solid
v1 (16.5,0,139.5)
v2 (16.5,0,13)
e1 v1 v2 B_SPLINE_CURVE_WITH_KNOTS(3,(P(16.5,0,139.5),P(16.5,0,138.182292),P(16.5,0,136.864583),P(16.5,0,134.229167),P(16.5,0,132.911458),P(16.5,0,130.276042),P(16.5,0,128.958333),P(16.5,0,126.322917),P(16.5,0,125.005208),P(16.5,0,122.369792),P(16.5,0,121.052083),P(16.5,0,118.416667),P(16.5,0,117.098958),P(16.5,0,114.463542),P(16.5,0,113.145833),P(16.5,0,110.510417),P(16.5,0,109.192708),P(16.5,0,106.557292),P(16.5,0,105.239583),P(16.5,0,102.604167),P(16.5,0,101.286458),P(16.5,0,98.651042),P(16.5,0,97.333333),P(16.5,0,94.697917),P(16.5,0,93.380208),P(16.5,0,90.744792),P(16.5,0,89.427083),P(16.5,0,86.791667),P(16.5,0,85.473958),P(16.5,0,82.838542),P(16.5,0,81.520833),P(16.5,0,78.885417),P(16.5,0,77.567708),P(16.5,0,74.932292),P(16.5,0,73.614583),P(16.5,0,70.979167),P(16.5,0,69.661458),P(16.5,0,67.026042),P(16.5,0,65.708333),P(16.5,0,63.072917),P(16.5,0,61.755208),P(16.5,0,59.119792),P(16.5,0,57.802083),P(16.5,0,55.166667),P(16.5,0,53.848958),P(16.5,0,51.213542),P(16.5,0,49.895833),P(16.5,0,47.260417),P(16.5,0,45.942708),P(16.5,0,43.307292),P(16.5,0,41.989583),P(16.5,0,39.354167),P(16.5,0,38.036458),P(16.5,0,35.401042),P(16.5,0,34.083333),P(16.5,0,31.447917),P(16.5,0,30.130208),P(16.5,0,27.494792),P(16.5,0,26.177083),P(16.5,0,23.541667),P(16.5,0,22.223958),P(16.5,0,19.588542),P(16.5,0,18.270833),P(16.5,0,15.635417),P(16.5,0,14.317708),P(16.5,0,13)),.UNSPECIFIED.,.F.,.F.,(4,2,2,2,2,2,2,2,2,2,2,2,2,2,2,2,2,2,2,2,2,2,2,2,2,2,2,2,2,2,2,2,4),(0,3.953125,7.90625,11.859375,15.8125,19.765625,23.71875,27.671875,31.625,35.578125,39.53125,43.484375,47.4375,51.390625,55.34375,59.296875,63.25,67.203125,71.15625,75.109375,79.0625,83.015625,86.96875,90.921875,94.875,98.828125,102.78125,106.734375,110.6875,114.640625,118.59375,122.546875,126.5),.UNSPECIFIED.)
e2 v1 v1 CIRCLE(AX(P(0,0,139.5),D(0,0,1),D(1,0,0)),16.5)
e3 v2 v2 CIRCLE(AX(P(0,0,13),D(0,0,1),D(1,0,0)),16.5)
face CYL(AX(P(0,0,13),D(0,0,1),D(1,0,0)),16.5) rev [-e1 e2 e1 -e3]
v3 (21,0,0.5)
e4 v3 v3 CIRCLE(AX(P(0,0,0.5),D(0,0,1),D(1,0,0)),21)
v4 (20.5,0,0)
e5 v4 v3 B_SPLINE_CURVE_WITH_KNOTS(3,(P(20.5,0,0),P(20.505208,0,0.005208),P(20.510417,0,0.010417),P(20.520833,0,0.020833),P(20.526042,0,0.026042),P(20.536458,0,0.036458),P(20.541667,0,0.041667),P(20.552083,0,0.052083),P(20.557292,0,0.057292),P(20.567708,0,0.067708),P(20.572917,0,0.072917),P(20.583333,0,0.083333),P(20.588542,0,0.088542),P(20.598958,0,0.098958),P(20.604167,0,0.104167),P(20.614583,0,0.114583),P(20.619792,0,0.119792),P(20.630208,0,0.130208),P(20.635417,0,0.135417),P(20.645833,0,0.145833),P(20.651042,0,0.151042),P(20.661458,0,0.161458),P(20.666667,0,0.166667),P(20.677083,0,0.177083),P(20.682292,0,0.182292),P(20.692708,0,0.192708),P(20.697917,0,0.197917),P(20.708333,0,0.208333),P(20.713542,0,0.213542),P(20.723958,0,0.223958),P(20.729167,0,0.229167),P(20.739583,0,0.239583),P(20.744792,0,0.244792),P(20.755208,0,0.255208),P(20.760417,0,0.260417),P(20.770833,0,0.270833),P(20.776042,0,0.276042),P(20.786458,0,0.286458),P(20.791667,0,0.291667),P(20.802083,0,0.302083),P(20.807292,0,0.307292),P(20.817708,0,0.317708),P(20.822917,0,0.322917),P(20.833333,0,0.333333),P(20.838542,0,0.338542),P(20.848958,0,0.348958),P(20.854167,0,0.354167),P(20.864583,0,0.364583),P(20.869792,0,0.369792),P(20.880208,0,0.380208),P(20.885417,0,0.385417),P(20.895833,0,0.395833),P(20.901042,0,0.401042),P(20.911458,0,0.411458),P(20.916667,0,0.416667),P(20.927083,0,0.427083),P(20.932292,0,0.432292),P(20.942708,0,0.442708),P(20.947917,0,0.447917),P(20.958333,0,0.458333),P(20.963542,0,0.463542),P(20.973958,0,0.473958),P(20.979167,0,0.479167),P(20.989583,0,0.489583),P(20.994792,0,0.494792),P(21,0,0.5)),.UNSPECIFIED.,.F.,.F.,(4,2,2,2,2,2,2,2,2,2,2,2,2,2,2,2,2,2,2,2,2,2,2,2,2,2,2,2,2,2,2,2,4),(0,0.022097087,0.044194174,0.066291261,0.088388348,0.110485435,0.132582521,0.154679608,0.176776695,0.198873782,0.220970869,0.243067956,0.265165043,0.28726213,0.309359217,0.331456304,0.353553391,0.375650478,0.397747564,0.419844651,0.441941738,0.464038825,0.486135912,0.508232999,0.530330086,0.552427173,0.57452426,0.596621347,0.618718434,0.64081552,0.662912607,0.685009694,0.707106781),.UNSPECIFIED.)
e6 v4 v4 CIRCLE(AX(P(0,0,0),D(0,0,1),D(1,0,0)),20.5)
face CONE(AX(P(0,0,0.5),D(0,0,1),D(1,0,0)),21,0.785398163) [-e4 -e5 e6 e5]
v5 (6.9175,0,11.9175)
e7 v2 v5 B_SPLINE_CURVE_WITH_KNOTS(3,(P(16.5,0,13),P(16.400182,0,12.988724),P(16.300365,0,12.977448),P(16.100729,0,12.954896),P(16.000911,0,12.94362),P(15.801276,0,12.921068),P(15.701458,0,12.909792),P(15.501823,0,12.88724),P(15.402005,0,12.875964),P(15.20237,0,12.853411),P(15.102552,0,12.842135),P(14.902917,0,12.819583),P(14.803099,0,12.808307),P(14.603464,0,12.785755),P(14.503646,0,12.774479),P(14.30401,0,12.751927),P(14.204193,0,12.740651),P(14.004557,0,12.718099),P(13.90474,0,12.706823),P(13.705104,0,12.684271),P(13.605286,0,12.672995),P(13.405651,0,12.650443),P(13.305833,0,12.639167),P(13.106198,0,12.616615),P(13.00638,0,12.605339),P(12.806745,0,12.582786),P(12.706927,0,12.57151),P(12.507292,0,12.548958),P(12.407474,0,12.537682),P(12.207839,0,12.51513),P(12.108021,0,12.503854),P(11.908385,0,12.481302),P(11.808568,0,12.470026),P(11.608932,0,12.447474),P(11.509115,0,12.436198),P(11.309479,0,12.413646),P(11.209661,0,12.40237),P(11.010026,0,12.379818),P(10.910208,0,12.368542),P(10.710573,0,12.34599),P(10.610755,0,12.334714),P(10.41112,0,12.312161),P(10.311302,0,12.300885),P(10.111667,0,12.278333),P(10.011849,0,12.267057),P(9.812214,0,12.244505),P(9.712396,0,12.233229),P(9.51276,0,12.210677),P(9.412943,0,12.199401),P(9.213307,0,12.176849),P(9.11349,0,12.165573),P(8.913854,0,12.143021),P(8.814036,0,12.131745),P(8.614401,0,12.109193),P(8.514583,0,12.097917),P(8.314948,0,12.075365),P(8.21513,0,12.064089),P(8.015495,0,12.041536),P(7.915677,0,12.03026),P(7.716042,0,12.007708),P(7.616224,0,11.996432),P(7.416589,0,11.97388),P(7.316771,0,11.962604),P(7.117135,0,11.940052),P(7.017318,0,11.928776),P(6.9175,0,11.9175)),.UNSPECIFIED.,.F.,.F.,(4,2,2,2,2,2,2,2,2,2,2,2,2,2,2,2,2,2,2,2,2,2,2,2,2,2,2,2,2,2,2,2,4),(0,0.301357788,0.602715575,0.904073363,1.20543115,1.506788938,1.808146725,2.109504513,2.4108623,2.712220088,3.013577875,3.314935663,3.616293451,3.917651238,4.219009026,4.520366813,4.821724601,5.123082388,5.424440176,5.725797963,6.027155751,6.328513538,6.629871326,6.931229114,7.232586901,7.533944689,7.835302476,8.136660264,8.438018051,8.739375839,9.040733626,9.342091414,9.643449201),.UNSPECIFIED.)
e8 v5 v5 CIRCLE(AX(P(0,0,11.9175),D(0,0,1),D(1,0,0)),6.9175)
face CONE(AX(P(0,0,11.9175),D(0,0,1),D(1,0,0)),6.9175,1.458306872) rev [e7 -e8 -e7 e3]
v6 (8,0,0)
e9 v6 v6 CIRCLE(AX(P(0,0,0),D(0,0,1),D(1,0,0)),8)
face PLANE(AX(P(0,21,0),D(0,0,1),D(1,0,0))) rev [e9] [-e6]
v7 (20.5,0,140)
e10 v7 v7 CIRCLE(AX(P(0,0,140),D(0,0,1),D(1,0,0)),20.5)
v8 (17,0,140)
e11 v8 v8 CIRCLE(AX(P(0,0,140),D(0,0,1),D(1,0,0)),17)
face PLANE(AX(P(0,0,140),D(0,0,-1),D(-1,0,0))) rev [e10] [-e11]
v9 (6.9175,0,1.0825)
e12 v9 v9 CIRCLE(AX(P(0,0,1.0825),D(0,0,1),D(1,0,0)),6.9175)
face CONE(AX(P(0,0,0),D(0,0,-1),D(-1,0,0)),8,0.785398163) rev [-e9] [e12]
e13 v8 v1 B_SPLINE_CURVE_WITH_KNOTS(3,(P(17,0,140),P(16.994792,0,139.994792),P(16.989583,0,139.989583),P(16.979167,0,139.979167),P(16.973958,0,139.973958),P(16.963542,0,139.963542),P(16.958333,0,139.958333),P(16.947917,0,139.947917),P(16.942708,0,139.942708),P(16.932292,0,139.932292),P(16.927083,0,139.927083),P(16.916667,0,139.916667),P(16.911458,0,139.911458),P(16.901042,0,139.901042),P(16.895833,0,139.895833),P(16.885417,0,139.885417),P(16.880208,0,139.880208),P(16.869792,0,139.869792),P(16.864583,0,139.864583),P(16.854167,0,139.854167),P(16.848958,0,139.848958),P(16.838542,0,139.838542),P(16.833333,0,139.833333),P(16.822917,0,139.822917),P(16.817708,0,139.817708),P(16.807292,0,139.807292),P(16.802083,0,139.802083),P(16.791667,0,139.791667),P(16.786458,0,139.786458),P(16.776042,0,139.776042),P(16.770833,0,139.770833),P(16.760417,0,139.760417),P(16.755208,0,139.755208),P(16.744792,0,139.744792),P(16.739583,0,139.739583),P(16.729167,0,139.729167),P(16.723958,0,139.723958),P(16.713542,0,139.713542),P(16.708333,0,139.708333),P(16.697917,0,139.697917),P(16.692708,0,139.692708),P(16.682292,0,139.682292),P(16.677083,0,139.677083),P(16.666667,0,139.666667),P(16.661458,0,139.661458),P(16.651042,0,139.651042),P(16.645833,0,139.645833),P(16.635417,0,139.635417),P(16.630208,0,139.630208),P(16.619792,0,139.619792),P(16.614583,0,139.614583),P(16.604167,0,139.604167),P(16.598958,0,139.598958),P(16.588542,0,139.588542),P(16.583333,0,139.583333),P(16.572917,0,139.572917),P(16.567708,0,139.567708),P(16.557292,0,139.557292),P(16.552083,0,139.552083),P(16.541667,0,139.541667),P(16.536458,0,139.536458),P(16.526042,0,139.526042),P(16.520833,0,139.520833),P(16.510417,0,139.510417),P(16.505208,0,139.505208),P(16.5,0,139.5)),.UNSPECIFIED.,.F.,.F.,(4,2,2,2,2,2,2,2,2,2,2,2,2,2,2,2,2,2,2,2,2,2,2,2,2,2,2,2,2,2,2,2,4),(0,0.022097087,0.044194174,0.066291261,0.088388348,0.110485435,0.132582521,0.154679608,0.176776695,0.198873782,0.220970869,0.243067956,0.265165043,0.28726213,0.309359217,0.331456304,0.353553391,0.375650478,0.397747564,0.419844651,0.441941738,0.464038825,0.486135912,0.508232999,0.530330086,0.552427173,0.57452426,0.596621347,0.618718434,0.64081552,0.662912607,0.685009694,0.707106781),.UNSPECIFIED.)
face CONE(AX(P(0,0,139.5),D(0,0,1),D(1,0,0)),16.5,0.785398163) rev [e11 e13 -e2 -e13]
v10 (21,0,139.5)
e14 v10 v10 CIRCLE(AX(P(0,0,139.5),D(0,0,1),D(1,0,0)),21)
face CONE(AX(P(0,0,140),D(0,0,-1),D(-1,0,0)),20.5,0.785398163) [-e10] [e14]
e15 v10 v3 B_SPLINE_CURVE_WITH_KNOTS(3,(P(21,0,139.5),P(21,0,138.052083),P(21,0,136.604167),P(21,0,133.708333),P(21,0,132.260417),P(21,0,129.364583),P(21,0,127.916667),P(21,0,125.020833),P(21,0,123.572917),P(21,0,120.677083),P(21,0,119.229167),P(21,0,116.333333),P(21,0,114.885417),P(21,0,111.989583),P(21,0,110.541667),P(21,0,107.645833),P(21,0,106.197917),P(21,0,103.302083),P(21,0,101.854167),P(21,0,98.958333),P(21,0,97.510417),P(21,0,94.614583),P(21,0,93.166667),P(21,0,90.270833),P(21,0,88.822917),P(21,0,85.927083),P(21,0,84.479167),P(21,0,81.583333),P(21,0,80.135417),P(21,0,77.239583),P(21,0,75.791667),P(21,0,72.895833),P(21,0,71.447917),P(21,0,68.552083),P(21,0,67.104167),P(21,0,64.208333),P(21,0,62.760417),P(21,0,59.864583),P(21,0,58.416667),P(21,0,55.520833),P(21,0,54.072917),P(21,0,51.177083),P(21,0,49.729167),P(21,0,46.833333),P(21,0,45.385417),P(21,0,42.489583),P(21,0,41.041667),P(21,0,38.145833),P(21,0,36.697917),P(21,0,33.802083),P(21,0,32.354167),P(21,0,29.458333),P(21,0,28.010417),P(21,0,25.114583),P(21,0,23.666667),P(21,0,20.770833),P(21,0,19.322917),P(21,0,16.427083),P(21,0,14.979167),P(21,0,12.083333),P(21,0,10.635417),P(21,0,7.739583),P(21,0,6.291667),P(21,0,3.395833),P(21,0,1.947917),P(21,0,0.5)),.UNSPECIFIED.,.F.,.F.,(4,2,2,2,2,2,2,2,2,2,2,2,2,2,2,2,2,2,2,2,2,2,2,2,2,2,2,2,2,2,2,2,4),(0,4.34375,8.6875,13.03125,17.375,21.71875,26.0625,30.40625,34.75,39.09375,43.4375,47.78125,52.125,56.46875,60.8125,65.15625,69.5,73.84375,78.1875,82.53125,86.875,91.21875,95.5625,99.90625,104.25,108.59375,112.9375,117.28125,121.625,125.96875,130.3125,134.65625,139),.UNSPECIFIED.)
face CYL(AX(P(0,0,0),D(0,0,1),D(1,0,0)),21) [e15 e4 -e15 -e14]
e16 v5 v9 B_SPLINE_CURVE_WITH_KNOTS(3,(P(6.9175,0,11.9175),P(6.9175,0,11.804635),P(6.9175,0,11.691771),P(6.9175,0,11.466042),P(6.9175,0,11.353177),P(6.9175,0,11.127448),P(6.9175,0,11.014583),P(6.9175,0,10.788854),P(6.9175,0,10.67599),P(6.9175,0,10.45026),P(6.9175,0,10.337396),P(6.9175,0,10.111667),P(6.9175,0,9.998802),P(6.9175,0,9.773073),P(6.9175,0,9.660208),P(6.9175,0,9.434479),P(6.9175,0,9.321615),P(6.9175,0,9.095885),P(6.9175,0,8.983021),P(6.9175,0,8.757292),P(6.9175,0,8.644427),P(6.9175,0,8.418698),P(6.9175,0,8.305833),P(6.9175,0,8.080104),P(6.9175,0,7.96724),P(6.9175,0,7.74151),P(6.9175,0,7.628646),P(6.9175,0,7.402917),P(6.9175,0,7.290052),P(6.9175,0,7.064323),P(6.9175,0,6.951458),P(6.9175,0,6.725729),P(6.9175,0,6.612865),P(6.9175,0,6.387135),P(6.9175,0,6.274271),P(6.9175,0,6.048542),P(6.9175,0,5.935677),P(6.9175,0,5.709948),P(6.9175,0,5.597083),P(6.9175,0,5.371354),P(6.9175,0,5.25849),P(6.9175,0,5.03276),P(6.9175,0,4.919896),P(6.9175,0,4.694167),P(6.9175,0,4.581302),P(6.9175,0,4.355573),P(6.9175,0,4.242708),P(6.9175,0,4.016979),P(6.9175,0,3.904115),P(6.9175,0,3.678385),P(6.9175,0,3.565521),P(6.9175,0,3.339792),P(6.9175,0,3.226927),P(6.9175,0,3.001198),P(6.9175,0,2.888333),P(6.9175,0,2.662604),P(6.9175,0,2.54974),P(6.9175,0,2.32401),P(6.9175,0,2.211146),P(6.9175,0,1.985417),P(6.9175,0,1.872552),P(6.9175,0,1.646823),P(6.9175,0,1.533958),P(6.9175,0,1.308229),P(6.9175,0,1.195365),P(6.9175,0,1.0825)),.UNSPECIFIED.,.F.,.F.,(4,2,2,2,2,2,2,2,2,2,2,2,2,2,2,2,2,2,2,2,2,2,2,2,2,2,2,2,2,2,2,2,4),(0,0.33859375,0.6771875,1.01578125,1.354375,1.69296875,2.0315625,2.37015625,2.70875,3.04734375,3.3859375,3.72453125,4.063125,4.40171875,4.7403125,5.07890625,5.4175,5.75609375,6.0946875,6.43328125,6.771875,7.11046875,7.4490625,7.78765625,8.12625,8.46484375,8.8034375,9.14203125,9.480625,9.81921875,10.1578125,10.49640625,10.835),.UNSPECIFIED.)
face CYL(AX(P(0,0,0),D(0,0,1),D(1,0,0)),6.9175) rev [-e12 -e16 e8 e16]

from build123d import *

# Parameters (mm, degrees)
SZKIC1_W = 140
SZKIC1_H = 21


with BuildPart() as part:
    # Szkic1 → Obrót1 (revolve)
    with BuildSketch(Plane(origin=(0, 0, 0), x_dir=(0, 0, -1), z_dir=(1, 0, 0))):
        with Locations((-70, 10.5)):
            Rectangle(SZKIC1_W, SZKIC1_H)
    revolve(axis=Axis((0, 0, 0), (0, 0, 1)))

    # Szkic2 → Wycięcie-obrót1 (revolve, cut)
    with BuildSketch(Plane(origin=(0, 0, 0), x_dir=(0, 0, -1), z_dir=(1, 0, 0))):
        Polygon((-140, 20.5), (-139.5, 21), (-140, 21), align=None)
    revolve(axis=Axis((0, 0, 0), (0, 0, 1)), mode=Mode.SUBTRACT)

    # Szkic3 → Wycięcie-obrót2 (revolve, cut)
    with BuildSketch(Plane(origin=(0, 0, 0), x_dir=(0, 0, -1), z_dir=(1, 0, 0))):
        Polygon((-0.5, 21), (0, 20.5), (0, 21), align=None)
    revolve(axis=Axis((0, 0, 0), (0, 0, 1)), mode=Mode.SUBTRACT)

    # Szkic4 → Wycięcie-obrót3 (revolve, cut)
    with BuildSketch(Plane(origin=(0, 0, 0), x_dir=(0, 0, -1), z_dir=(1, 0, 0))):
        Polygon((-13, 0), (-13, 16.5), (-11.9175, 6.9175), (-1.0825, 6.9175), (0, 8), (0, 0), align=None)
    revolve(axis=Axis((0, 0, 0), (0, 0, 1)), mode=Mode.SUBTRACT)

    # Szkic5 → Wycięcie-obrót4 (revolve, cut)
    with BuildSketch(Plane(origin=(0, 0, 0), x_dir=(0, 0, -1), z_dir=(1, 0, 0))):
        Polygon((-140, 0), (-140, 17), (-139.5, 16.5), (-13, 16.5), (-13, 0), align=None)
    revolve(axis=Axis((0, 0, 13), (0, 0, 1)), mode=Mode.SUBTRACT)


solid = part.part
